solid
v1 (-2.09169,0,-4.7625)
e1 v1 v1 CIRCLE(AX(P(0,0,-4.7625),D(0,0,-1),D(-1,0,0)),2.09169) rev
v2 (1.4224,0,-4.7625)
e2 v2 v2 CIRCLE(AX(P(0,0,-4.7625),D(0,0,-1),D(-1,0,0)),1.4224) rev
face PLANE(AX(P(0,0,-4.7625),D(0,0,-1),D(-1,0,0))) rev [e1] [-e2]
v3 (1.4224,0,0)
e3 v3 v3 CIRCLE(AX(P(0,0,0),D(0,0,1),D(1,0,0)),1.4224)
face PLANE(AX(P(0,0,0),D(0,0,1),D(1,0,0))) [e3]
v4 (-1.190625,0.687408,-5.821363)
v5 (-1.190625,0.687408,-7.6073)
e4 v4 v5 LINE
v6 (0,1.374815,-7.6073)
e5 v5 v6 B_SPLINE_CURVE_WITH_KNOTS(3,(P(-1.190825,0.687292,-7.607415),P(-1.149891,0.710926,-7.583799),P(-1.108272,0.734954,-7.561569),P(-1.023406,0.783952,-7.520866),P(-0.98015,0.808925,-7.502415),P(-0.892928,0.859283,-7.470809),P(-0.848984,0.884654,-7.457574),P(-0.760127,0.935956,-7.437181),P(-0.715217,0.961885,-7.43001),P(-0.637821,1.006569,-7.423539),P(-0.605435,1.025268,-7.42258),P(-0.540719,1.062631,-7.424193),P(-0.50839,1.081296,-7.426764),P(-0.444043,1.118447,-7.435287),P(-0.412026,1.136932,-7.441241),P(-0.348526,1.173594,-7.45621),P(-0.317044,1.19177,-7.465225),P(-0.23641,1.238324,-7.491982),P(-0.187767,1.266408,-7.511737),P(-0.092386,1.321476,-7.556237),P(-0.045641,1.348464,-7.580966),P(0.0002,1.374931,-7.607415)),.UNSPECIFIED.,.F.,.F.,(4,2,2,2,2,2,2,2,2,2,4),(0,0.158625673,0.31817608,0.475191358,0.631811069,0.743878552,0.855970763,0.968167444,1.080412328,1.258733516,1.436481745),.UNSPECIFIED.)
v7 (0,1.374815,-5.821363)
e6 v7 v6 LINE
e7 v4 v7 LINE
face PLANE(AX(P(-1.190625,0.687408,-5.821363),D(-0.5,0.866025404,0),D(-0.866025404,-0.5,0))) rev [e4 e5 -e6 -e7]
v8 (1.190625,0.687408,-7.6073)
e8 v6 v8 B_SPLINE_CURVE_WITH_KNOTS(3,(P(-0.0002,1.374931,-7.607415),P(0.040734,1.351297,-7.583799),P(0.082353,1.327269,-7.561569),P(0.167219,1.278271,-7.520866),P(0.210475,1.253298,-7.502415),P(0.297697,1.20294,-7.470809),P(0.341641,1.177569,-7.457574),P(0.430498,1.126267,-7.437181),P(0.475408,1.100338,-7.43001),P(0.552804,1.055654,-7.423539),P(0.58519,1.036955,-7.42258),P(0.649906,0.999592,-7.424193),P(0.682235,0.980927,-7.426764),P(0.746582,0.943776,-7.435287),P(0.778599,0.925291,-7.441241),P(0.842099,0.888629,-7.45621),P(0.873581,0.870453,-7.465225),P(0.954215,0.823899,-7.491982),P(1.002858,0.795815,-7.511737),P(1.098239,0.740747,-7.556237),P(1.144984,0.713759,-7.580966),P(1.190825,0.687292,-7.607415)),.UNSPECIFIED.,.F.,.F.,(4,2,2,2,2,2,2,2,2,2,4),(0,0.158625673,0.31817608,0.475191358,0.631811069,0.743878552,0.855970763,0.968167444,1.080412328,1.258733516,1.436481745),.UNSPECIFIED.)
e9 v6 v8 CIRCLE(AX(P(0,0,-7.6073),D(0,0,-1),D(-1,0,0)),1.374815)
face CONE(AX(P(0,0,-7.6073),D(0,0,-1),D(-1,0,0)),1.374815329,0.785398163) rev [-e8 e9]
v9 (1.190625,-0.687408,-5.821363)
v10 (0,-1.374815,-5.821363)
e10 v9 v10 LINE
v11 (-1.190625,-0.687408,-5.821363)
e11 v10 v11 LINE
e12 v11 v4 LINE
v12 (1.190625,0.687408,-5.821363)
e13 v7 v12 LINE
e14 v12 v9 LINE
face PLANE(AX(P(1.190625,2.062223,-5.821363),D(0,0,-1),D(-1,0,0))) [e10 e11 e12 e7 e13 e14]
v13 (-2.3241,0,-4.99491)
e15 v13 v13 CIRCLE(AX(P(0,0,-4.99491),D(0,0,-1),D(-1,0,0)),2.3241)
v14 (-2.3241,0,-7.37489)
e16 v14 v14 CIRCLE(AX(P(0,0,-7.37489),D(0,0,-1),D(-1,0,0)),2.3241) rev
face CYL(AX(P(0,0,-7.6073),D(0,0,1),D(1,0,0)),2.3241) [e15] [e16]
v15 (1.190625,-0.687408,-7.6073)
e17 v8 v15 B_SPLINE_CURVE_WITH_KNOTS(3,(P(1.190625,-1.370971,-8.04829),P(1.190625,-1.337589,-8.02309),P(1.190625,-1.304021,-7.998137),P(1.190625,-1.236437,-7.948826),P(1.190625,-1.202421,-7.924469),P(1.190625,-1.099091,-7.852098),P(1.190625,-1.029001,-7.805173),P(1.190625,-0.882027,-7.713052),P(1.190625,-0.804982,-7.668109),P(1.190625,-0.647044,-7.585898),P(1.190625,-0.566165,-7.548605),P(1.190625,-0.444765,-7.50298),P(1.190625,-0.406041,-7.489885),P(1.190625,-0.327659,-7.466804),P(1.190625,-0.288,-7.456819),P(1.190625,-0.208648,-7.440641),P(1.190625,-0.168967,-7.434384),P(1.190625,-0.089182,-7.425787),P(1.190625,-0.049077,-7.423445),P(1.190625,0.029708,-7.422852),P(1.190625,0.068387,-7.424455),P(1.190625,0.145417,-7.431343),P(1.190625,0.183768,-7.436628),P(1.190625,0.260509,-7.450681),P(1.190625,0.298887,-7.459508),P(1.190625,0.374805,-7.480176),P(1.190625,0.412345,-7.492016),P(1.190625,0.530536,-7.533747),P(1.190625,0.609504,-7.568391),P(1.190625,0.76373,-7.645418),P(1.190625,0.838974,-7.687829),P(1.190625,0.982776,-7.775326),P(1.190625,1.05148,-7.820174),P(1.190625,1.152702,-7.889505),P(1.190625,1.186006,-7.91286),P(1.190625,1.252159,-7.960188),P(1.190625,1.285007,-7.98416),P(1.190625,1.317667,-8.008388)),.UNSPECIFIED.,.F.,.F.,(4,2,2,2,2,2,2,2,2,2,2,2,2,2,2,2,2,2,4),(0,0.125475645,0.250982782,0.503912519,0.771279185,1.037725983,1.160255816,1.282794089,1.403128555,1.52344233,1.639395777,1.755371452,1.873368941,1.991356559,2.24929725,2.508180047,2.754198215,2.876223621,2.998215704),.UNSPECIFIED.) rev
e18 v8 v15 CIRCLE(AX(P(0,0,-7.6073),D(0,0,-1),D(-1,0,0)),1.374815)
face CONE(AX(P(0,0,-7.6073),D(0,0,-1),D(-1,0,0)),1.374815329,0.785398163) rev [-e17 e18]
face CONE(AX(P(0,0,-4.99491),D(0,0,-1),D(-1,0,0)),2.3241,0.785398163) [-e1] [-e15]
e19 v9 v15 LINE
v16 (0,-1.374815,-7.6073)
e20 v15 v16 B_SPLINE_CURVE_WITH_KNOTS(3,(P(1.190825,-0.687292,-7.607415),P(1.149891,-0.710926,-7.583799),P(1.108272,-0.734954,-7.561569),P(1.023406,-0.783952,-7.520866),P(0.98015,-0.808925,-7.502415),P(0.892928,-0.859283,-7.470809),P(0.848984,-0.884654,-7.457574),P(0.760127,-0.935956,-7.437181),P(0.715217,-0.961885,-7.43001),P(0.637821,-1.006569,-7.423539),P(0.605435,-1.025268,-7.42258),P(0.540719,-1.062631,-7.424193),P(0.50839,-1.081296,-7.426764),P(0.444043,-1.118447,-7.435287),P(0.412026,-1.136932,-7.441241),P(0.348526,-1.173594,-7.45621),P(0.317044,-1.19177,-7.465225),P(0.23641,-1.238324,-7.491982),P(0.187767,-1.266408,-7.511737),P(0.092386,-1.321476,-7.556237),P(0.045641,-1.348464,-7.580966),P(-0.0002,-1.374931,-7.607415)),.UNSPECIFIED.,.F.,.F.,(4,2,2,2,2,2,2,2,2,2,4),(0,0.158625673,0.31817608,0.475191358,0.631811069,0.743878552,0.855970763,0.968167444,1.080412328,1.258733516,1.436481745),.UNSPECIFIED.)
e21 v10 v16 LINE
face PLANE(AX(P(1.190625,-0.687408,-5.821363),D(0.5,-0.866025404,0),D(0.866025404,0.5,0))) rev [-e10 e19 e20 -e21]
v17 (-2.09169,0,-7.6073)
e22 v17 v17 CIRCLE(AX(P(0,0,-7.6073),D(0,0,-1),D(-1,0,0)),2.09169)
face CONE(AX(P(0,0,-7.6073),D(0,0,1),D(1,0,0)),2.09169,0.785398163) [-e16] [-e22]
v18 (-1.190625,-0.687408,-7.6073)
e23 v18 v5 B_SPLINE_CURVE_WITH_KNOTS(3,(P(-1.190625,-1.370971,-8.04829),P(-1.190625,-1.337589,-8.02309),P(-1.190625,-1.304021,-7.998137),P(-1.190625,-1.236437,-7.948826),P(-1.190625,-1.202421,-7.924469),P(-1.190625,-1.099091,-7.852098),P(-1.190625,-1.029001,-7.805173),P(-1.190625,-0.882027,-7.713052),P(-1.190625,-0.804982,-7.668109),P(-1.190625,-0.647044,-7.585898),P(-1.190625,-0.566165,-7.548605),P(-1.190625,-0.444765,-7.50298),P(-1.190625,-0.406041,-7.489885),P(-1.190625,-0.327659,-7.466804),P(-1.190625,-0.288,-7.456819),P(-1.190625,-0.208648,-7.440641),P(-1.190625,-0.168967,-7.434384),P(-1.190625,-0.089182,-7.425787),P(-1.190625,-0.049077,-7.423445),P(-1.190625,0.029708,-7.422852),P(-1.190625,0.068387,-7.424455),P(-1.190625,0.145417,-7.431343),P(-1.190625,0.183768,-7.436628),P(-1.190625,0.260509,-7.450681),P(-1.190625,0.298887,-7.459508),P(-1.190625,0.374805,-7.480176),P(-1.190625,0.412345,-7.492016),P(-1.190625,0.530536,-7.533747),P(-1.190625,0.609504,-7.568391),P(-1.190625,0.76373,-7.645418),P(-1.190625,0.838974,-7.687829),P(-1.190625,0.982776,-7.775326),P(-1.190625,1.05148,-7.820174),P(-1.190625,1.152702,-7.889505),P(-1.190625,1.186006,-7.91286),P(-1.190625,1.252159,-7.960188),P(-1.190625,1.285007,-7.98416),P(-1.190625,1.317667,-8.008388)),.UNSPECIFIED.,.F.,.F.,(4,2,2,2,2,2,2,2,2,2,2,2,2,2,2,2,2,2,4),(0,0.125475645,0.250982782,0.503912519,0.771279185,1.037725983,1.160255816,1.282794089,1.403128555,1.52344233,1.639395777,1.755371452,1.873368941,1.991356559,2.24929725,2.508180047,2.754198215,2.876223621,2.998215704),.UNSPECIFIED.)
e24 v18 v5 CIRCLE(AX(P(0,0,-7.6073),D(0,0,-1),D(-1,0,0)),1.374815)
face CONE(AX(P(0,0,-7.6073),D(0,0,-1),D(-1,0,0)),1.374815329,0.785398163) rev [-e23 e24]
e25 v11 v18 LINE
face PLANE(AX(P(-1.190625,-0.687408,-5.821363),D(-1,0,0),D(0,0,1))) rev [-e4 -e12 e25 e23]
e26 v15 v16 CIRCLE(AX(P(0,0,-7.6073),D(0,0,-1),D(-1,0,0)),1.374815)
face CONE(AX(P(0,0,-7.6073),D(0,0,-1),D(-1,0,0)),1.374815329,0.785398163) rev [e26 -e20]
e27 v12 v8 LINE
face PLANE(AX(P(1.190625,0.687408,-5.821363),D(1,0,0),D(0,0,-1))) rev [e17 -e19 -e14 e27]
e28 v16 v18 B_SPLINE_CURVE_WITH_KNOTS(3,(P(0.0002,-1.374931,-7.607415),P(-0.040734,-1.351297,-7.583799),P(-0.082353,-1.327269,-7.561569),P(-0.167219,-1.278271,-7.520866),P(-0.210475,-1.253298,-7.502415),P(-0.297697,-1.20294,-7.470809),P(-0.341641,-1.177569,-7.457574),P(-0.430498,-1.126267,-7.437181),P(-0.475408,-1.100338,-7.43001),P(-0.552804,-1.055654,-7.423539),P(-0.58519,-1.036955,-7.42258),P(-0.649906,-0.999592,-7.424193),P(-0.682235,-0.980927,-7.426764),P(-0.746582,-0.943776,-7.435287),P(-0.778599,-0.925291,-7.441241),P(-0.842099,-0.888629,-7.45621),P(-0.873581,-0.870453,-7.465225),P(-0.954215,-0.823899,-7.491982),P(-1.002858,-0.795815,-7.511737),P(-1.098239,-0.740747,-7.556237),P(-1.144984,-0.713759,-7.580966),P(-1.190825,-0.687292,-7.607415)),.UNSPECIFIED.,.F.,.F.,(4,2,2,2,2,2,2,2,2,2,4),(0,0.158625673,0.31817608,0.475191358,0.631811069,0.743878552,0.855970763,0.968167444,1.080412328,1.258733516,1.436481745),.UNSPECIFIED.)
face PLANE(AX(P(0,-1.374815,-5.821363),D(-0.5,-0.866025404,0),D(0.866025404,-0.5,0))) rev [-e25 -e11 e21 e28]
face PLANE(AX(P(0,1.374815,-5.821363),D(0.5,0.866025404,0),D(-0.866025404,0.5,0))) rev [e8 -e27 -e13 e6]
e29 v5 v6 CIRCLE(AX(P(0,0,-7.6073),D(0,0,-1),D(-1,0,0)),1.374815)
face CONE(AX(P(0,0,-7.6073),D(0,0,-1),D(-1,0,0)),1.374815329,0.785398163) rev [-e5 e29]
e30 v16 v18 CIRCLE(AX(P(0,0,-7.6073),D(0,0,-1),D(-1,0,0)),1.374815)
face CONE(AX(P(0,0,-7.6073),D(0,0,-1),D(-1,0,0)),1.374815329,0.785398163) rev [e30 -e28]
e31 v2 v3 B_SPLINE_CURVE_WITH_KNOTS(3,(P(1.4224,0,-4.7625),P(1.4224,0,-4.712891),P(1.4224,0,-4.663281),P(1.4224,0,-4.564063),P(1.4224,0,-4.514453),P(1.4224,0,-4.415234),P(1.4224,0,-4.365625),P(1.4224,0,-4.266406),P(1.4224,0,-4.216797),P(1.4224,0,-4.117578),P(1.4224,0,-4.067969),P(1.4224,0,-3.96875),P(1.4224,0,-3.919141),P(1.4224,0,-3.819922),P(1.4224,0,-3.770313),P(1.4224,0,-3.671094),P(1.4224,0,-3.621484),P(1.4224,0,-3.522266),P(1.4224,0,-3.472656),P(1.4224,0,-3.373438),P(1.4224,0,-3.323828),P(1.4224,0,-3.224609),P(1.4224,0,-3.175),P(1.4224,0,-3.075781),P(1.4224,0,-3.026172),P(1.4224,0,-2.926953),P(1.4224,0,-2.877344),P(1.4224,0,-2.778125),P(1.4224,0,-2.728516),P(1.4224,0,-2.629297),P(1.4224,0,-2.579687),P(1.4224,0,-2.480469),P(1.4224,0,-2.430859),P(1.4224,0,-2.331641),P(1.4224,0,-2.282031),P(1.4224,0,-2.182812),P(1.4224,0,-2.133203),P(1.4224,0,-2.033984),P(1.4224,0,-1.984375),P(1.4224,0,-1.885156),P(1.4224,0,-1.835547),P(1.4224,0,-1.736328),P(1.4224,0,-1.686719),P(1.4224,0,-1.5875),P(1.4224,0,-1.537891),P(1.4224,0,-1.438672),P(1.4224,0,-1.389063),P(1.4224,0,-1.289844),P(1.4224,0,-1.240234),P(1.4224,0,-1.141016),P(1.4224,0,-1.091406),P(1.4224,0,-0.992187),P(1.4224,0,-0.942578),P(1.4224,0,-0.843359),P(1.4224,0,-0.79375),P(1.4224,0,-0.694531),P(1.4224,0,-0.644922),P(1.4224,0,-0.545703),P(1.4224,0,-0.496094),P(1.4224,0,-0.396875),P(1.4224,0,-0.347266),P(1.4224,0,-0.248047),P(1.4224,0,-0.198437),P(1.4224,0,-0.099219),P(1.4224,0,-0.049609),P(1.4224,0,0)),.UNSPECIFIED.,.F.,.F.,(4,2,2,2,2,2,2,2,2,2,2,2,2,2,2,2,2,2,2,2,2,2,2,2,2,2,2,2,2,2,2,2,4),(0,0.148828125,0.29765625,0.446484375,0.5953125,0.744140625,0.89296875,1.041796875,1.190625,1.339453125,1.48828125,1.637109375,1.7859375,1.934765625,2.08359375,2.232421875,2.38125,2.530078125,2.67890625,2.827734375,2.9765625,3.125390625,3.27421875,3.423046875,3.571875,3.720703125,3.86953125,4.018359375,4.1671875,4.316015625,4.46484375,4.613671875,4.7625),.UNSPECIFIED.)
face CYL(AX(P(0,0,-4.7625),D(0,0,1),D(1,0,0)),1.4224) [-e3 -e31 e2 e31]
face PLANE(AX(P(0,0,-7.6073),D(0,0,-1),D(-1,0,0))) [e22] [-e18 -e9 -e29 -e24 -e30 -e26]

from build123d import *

# Parameters (mm, degrees)
SKETCH1_R          = 1.4224
EXTRUDE1_DEPTH     = 4.7625
SKETCH6_R          = 2.3241
EXTRUDE2_DEPTH     = 2.8448
CUT_EXTRUDE1_DEPTH = 1.7859375
CHAMFER1_SIZE      = 0.23241


with BuildPart() as part:
    # Sketch1 → Extrude1 (new body)
    with BuildSketch(Plane.XY):
        Circle(SKETCH1_R)
    extrude(amount=-EXTRUDE1_DEPTH)

    # Sketch6 → Extrude2 (add)
    with BuildSketch(Plane(origin=(0, 0, -4.7625), x_dir=(-1, 0, 0), z_dir=(0, 0, -1))):
        Circle(SKETCH6_R)
    extrude(amount=EXTRUDE2_DEPTH)

    # Sketch7 → Cut-Extrude1 (cut)
    with BuildSketch(Plane(origin=(0, 0, -7.6073), x_dir=(-1, 0, 0), z_dir=(0, 0, -1))):
        Polygon((0, 1.374815329), (-1.190625, 0.687407664), (-1.190625, -0.687407664), (0, -1.374815329), (1.190625, -0.687407664), (1.190625, 0.687407664), align=None)
    extrude(amount=-CUT_EXTRUDE1_DEPTH, mode=Mode.SUBTRACT)

    # Cut-Extrude2 cone 1 section (through the dimple's axis) → Cut-Extrude2 (revolve, cut)
    with BuildSketch(Plane(origin=(0, 0, -7.6073), x_dir=(0, 1, 0), z_dir=(1, 0, 0))):
        Polygon((0, 0), (1.374815329, 0), (0, 1.374815329), align=None)
    revolve(axis=Axis((0, 0, -7.6073), (0, 0, 1)), mode=Mode.SUBTRACT)

    # Chamfer1
    chamfer1_edges = [part.edges().sort_by_distance(p)[0] for p in [
        (2.3241, 0, -4.7625),
        (2.3241, 0, -7.6073),
    ]]
    chamfer(chamfer1_edges, length=CHAMFER1_SIZE)


solid = part.part
